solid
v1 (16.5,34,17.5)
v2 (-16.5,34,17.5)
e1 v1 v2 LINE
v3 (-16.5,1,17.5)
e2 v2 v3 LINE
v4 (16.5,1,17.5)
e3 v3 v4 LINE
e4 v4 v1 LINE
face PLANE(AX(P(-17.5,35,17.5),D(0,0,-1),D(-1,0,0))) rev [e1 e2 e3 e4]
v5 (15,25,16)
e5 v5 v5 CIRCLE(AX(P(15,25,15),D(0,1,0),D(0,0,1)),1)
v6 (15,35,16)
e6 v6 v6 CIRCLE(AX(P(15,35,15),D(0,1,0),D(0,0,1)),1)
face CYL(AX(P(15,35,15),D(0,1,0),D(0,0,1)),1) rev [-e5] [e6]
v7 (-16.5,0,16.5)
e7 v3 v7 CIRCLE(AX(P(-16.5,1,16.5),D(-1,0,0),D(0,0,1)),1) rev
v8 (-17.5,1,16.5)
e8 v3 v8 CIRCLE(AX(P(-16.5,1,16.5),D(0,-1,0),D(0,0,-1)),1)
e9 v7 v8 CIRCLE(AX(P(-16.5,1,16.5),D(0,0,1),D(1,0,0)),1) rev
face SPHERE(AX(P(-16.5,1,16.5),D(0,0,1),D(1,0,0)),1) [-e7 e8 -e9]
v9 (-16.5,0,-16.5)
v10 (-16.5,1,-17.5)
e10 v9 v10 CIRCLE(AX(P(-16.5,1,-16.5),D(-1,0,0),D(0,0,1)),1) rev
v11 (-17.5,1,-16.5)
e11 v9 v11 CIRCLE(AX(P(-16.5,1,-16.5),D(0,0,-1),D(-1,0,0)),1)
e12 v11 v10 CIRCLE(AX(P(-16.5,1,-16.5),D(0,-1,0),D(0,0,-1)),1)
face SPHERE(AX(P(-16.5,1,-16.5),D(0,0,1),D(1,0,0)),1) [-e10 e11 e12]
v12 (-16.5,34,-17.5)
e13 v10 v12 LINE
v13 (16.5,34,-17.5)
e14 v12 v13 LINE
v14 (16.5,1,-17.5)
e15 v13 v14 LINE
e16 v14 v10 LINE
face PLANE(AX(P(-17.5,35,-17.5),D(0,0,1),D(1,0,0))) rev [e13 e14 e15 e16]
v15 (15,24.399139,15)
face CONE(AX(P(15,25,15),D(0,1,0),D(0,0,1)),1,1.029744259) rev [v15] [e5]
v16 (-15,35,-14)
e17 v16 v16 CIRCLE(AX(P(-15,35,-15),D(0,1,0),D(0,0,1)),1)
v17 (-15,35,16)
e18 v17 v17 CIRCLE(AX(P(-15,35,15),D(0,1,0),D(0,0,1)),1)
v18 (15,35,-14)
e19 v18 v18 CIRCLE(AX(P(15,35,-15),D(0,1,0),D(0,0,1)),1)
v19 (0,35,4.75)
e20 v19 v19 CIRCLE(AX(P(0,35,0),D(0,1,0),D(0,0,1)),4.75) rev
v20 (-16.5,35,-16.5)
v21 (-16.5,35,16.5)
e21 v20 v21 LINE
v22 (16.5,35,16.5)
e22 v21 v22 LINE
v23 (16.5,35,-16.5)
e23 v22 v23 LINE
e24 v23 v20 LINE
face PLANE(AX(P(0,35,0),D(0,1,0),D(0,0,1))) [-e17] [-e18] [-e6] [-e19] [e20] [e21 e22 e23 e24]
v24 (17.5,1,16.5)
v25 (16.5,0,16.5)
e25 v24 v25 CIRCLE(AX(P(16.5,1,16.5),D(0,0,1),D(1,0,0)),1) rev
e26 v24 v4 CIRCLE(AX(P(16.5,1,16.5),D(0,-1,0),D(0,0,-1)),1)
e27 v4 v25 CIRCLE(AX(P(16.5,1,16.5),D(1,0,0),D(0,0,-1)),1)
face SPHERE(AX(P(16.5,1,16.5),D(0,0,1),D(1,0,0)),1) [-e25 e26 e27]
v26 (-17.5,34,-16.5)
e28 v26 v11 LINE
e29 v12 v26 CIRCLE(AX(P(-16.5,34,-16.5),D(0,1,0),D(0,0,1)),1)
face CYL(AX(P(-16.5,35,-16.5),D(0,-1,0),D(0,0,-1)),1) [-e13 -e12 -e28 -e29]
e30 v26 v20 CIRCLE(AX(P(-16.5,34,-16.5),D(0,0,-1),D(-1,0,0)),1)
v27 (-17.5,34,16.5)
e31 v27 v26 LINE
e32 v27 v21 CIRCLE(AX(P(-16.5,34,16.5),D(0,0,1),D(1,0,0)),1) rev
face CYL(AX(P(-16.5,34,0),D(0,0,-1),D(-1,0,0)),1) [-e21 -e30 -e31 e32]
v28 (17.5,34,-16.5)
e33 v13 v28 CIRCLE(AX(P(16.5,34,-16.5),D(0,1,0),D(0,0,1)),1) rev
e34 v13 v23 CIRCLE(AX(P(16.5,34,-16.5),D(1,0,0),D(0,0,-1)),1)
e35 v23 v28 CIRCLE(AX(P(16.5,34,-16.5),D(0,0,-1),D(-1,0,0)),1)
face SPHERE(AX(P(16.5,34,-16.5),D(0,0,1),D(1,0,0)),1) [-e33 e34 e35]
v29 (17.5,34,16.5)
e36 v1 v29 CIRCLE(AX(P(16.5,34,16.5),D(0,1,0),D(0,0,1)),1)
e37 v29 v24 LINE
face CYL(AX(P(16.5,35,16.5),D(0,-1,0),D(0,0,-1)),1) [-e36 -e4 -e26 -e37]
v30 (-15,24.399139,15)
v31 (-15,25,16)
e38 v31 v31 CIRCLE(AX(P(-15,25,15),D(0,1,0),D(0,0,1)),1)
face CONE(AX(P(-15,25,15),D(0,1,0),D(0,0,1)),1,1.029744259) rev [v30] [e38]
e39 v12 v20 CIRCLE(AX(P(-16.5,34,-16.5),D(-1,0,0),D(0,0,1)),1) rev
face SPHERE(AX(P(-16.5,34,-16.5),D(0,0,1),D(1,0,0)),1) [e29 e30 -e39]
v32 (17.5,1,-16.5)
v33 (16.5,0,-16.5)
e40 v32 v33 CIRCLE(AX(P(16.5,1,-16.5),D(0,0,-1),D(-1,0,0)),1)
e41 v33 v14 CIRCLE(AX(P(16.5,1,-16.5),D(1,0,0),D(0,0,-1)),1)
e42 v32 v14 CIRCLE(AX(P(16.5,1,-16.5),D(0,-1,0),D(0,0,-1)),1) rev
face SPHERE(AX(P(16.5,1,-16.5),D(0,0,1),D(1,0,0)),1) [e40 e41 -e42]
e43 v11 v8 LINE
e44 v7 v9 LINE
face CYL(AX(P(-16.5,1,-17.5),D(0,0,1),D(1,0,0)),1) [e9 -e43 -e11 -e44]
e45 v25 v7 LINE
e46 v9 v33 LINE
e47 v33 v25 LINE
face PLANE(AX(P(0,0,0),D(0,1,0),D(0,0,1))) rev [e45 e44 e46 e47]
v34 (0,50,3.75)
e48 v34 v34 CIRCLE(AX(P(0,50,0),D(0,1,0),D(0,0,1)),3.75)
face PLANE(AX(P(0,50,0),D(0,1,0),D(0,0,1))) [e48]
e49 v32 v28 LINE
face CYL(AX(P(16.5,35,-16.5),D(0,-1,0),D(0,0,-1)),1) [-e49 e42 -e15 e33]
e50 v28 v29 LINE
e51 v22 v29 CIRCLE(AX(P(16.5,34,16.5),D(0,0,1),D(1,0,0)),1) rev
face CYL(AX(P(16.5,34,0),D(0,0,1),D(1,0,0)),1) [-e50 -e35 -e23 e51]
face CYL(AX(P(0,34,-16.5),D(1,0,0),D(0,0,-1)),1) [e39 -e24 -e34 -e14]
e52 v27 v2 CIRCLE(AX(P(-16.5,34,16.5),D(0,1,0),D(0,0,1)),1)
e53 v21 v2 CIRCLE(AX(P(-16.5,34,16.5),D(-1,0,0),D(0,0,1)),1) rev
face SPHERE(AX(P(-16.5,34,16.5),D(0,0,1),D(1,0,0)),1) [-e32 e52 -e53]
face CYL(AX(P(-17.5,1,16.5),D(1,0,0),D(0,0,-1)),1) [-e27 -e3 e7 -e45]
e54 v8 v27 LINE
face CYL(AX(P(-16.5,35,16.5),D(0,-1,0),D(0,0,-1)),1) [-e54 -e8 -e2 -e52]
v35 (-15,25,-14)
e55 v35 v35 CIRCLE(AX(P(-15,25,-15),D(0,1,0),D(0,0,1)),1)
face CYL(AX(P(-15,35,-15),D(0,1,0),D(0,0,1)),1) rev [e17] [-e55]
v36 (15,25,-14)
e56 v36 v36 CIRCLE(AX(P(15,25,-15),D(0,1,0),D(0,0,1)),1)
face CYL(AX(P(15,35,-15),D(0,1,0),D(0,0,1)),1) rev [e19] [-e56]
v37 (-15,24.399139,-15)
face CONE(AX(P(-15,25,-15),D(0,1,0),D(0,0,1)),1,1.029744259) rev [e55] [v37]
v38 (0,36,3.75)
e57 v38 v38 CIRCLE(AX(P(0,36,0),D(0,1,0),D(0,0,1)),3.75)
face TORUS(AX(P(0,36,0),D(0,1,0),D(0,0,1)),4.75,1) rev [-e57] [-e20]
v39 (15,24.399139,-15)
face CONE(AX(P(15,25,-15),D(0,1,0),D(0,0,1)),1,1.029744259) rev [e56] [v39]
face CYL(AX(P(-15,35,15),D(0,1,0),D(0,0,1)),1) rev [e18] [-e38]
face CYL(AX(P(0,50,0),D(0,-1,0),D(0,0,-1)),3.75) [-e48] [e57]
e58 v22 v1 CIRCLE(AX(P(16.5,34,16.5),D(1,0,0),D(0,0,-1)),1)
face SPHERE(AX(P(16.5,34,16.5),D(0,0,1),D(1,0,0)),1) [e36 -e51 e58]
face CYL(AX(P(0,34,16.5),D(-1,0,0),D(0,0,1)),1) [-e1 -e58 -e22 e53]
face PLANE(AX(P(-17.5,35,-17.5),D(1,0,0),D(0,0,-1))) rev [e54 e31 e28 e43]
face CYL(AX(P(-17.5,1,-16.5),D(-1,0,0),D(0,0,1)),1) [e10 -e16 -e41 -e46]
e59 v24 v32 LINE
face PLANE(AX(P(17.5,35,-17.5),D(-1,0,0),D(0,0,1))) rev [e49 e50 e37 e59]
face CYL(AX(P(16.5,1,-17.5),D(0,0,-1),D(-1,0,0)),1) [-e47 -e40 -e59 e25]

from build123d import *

# Parameters (mm, degrees)
SKETCH1_W                 = 35
SKETCH1_H                 = 35
BOSS_EXTRUDE1_DEPTH       = 35
SKETCH2_R                 = 3.75
BOSS_EXTRUDE2_DEPTH       = 15
FILLET1_R                 = 1
F_2_0MM_DOWEL_HOLE1_D     = 2
F_2_0MM_DOWEL_HOLE1_DEPTH = 10
F_2_0MM_DOWEL_HOLE1_TIP   = 0.600860619


with BuildPart() as part:
    # Sketch1 → Boss-Extrude1 (new body)
    with BuildSketch(Plane(origin=(0, 0, 0), x_dir=(1, 0, 0), z_dir=(0, 1, 0))):
        Rectangle(SKETCH1_W, SKETCH1_H)
    extrude(amount=BOSS_EXTRUDE1_DEPTH)

    # Sketch2 → Boss-Extrude2 (add)
    with BuildSketch(Plane(origin=(0, 35, 0), x_dir=(1, 0, 0), z_dir=(0, 1, 0))):
        with Locations(Location((0, 0, 0), (0, 0, 270))):
            Circle(SKETCH2_R)
    extrude(amount=BOSS_EXTRUDE2_DEPTH)

    # Fillet1
    fillet1_edges = [part.edges().sort_by_distance(p)[0] for p in [
        (-17.5, 35, 0),
        (0, 35, 17.5),
        (0, 35, -3.75),
        (17.5, 35, 0),
        (0, 0, 17.5),
        (-17.5, 0, 0),
        (0, 0, -17.5),
        (17.5, 0, 0),
        (0, 35, -17.5),
        (17.5, 17.5, 17.5),
        (-17.5, 17.5, 17.5),
        (-17.5, 17.5, -17.5),
        (17.5, 17.5, -17.5),
    ]]
    fillet(fillet1_edges, radius=FILLET1_R)

    # Ø2.0mm Dowel Hole1
    with Locations(Plane(origin=(0, 35, 0), x_dir=(1, 0, 0), z_dir=(0, 1, 0))):
        with Locations((-15, 15), (15, 15), (15, -15), (-15, -15)):
            Hole(F_2_0MM_DOWEL_HOLE1_D / 2, depth=F_2_0MM_DOWEL_HOLE1_DEPTH)
            with Locations((0, 0, -(F_2_0MM_DOWEL_HOLE1_DEPTH + F_2_0MM_DOWEL_HOLE1_TIP / 2))):  # 118° drill point
                Cone(0, F_2_0MM_DOWEL_HOLE1_D / 2, F_2_0MM_DOWEL_HOLE1_TIP, mode=Mode.SUBTRACT)


solid = part.part
